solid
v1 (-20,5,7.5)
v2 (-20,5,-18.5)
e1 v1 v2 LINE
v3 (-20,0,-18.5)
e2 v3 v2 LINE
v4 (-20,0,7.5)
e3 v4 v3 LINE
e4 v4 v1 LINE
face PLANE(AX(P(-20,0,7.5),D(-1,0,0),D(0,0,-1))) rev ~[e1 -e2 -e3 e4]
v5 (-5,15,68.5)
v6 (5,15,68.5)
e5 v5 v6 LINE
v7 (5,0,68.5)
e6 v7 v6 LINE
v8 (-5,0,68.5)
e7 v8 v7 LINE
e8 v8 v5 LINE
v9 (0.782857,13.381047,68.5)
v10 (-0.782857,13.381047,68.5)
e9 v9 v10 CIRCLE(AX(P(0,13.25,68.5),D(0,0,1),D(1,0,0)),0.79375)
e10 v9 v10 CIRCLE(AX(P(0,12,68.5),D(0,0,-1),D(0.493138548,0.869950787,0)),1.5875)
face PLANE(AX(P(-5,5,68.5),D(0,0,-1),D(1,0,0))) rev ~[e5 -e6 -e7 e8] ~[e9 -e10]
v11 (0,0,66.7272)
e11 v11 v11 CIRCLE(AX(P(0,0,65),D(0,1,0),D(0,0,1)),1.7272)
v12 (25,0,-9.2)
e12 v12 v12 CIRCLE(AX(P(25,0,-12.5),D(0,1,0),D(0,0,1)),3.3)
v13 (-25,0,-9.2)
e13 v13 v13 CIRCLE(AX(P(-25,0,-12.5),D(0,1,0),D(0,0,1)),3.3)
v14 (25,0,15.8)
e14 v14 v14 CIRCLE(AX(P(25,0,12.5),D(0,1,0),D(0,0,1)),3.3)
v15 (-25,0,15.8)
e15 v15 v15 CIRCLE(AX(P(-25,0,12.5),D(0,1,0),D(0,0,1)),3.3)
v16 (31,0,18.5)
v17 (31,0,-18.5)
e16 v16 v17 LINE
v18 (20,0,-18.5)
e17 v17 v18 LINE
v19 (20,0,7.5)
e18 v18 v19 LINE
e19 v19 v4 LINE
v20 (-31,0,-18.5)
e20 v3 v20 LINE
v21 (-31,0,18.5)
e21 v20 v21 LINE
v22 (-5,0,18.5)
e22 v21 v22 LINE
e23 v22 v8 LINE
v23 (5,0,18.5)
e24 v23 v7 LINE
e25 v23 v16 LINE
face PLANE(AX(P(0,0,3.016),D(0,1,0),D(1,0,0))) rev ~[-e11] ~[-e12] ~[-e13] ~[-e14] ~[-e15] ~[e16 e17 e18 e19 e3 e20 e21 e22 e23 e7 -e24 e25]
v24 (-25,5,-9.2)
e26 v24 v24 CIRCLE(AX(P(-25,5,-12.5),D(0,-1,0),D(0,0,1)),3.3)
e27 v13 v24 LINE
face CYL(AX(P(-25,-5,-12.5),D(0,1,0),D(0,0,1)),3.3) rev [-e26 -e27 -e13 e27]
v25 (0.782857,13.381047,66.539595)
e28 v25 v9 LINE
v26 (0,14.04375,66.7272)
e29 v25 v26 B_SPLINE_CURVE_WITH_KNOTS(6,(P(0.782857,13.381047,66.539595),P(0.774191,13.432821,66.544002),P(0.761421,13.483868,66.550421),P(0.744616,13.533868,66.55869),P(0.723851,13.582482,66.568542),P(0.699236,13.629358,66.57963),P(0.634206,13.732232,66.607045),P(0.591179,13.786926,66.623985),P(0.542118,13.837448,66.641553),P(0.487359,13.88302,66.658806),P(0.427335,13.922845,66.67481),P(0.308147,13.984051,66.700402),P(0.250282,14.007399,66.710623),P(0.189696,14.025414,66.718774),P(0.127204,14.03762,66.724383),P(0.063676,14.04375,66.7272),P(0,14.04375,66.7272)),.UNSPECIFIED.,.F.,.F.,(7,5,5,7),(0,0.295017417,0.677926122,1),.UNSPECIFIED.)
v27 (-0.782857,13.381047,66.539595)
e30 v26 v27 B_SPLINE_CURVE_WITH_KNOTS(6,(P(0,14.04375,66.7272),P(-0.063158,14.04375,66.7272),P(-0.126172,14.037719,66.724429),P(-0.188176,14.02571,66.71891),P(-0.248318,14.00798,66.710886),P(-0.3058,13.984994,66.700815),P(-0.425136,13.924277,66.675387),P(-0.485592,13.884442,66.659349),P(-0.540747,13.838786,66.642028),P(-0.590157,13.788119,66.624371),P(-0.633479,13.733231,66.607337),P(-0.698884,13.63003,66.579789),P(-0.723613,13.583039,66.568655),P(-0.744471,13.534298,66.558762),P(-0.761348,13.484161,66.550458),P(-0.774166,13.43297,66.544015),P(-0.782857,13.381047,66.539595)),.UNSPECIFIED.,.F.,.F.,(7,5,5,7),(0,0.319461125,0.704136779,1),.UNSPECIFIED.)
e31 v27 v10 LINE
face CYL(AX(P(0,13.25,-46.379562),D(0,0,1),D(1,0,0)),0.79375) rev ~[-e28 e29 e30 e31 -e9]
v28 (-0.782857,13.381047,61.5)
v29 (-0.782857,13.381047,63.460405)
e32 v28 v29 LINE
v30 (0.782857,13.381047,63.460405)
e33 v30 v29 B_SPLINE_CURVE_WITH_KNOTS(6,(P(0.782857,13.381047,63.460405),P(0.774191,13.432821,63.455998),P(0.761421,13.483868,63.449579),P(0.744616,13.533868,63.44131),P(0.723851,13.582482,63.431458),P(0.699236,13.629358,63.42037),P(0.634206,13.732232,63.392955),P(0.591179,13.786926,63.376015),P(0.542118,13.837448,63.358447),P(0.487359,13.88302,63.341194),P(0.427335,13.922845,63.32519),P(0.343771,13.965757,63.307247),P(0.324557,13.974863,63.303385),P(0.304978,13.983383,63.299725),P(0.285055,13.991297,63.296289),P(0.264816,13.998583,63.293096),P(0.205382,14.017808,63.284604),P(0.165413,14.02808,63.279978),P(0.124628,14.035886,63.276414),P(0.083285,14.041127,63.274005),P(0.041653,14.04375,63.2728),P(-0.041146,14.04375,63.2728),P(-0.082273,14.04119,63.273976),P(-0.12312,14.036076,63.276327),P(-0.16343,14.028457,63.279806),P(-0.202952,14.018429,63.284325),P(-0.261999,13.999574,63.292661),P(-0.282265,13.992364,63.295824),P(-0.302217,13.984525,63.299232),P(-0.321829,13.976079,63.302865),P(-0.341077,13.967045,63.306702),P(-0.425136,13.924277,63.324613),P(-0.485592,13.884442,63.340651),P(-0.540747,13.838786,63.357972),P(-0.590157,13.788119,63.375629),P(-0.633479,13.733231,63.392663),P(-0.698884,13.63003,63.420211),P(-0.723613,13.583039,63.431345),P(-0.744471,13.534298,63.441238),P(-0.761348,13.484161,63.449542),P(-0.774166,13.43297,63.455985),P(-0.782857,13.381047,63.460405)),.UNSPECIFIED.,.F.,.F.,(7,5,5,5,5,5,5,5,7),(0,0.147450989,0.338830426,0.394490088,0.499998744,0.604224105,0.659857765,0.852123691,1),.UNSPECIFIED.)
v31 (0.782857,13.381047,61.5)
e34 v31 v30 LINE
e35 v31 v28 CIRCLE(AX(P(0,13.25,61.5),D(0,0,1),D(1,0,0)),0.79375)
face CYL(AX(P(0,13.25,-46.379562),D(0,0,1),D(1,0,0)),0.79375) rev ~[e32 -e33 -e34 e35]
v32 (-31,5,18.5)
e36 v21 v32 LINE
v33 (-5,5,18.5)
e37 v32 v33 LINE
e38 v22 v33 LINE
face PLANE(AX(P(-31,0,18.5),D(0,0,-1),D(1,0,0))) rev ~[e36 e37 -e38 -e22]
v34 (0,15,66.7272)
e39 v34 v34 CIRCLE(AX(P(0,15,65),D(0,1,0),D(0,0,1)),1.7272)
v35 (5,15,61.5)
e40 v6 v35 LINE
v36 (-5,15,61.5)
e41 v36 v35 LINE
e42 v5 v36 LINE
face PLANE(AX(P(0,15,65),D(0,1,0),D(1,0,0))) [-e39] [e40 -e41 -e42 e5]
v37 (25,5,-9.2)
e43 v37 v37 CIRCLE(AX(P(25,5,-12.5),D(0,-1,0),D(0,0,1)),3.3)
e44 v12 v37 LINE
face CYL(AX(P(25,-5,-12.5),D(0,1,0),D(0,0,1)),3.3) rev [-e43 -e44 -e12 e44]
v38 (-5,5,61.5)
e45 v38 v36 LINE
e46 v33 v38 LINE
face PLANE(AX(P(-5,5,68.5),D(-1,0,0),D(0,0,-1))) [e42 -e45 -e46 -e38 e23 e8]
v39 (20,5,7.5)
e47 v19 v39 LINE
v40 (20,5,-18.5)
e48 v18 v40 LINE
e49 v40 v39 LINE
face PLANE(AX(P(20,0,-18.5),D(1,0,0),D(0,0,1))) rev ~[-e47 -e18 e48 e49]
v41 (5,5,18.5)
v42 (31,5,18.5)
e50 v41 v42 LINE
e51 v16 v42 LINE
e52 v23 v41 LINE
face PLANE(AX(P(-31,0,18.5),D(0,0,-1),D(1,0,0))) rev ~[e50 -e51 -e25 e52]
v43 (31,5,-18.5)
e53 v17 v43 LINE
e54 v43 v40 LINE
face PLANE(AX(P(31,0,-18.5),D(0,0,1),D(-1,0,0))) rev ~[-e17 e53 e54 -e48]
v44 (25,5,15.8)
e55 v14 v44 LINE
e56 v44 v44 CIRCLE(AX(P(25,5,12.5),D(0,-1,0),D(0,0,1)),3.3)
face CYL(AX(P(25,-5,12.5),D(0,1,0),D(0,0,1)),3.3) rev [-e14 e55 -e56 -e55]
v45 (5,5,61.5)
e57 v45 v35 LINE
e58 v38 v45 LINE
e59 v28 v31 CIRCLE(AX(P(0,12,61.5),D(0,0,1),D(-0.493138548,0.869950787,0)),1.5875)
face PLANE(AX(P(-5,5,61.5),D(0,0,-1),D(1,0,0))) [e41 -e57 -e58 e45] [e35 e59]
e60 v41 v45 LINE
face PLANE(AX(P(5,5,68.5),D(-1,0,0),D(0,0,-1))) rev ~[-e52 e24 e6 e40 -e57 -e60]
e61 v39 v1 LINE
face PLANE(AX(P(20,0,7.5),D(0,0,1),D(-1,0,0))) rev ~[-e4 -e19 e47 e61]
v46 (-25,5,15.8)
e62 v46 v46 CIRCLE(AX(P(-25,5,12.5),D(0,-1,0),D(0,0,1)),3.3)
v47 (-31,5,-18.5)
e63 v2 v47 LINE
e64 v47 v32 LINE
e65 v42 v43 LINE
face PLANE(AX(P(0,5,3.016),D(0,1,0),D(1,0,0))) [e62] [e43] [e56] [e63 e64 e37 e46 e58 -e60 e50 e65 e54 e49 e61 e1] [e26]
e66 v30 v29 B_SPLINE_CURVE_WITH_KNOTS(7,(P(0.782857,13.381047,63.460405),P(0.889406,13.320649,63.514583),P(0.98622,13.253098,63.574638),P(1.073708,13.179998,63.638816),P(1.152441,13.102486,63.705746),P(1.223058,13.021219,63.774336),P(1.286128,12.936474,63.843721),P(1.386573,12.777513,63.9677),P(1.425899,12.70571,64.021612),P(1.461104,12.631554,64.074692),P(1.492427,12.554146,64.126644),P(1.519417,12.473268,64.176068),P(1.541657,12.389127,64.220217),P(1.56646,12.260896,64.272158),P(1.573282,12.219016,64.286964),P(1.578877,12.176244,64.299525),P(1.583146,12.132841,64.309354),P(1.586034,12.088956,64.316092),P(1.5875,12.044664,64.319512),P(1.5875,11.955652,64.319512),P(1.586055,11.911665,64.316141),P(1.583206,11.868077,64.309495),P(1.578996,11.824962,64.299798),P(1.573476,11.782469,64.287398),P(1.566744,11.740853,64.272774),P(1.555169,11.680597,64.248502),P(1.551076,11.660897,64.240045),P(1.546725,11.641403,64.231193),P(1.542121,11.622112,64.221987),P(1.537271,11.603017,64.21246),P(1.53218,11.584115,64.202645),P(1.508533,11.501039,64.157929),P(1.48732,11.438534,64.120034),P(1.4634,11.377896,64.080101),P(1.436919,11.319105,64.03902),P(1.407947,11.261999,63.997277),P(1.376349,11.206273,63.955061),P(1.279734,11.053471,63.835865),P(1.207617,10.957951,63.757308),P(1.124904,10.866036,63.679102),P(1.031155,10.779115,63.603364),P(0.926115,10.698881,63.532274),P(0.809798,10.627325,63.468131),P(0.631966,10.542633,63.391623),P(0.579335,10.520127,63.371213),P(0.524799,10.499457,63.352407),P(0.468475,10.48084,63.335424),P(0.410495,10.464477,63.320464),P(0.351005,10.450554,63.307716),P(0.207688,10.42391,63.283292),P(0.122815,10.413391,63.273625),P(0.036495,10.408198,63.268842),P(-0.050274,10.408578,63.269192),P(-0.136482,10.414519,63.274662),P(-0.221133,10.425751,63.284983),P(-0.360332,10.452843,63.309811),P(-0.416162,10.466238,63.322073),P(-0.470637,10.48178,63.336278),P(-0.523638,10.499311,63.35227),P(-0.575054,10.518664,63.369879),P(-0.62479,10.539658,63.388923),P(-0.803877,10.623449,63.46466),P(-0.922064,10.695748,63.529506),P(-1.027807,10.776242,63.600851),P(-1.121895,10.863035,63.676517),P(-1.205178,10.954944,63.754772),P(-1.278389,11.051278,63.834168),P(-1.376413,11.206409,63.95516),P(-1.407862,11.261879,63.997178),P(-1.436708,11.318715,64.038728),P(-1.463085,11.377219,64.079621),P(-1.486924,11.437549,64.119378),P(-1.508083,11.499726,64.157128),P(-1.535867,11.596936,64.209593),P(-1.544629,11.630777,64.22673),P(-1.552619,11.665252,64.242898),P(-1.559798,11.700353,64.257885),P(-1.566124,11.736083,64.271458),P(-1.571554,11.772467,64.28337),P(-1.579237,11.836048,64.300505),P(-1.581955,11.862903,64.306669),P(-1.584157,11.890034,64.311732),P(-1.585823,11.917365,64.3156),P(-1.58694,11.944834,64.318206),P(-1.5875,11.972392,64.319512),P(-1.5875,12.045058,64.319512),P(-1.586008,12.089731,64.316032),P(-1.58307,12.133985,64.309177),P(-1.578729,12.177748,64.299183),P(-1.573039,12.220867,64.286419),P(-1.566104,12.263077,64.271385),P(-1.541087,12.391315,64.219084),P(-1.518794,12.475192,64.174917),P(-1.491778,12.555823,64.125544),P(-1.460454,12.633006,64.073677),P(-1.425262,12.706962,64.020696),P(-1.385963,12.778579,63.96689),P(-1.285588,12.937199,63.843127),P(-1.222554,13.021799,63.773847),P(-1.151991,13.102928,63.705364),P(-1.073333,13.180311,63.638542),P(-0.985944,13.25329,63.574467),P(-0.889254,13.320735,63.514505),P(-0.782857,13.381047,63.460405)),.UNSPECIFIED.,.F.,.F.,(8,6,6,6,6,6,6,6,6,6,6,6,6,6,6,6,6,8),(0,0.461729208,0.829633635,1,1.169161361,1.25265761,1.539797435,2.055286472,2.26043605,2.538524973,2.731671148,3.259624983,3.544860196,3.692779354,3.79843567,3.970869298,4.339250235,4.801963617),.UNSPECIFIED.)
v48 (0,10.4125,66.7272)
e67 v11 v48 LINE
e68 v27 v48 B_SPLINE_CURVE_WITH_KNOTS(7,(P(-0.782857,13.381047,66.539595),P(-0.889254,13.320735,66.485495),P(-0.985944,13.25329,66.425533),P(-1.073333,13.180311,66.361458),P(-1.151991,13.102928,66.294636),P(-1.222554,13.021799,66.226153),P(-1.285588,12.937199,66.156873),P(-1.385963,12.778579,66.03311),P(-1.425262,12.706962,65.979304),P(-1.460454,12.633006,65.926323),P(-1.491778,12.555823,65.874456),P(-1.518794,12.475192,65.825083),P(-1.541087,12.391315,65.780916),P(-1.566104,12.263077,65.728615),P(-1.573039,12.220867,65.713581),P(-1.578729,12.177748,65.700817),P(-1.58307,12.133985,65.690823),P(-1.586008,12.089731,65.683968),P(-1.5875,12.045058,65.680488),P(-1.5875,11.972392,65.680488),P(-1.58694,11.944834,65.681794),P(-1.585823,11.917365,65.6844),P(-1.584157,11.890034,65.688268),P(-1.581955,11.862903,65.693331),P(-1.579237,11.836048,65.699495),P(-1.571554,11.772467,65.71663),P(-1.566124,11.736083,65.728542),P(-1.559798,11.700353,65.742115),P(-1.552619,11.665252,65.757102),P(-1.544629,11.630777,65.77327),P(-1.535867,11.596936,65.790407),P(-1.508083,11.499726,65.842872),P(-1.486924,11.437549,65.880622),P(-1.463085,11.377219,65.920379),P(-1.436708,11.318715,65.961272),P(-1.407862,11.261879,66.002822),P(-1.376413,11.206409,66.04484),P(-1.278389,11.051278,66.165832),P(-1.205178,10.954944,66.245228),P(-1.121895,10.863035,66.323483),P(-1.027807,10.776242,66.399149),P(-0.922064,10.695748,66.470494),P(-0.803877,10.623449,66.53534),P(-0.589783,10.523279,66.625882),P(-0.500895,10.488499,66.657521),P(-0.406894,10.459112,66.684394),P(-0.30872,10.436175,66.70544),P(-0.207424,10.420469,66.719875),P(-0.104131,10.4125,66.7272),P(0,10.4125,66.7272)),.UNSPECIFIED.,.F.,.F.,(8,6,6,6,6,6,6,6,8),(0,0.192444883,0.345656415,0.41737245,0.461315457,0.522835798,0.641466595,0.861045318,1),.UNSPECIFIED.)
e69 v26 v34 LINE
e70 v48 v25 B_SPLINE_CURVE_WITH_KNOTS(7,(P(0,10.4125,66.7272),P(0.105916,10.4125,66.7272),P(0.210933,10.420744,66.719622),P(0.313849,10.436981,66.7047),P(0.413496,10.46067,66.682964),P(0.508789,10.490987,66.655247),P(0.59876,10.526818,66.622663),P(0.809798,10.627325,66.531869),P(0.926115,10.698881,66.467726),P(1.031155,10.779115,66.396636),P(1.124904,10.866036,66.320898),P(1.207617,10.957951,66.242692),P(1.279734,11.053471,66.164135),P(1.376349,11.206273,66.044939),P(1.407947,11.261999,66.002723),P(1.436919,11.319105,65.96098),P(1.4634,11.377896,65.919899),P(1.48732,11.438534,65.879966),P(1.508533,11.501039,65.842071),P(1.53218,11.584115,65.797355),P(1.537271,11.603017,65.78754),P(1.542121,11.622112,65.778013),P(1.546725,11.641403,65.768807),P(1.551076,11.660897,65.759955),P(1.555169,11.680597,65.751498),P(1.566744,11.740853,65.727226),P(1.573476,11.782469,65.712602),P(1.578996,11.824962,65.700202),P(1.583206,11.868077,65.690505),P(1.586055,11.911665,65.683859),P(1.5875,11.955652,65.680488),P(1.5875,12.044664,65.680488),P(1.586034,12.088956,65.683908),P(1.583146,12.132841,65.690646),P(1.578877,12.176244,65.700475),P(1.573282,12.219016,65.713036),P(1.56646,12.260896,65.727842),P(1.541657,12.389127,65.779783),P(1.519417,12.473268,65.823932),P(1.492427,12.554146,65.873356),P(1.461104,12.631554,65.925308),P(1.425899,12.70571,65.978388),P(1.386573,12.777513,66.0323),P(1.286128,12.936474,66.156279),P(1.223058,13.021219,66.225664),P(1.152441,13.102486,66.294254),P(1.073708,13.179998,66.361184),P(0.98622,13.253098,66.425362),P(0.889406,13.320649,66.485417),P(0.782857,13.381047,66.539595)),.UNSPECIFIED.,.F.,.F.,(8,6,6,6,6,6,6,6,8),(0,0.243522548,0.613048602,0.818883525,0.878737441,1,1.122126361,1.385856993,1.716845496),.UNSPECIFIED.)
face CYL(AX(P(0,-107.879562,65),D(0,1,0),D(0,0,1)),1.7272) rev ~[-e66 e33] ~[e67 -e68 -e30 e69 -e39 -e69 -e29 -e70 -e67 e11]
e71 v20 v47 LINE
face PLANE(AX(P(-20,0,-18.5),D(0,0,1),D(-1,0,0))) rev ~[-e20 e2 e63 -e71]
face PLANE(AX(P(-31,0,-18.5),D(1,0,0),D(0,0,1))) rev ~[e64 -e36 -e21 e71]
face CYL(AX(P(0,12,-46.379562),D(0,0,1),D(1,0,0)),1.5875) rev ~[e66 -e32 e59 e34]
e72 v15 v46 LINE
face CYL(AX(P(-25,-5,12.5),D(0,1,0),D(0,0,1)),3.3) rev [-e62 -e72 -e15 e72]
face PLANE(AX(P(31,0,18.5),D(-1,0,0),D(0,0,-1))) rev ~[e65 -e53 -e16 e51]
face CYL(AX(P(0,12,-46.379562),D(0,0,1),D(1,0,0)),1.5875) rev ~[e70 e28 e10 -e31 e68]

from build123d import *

# Parameters (mm, degrees)
EXTRUDE1_DEPTH                 = 5
LPATTERN1_COUNT                = 2
LPATTERN1_PITCH                = 50
LPATTERN1_COUNT_DIR2           = 2
LPATTERN1_PITCH_DIR2           = 25
SKETCH5_W                      = 10
SKETCH5_H                      = 5
EXTRUDE2_DEPTH                 = 50
SKETCH6_W                      = 10
SKETCH6_H                      = 7
EXTRUDE3_DEPTH                 = 10
F_1_8_0_125_DIAMETER_HOLE1_D   = 3.175
F_1_16_0_0625_DIAMETER_HOLE1_D = 1.5875
F_8_32_TAPPED_HOLE1_D          = 3.4544


with BuildPart() as part:
    # Sketch1 → Extrude1 (new body)
    with BuildSketch(Plane(origin=(0, 0, 0), x_dir=(1, 0, 0), z_dir=(0, 1, 0))):
        Polygon((-20, -7.5), (-20, 18.5), (-31, 18.5), (-31, -18.5), (31, -18.5), (31, 18.5), (20, 18.5), (20, -7.5), align=None)
    extrude(amount=EXTRUDE1_DEPTH)

    # Sketch4 → M6 Clearance Hole1 (revolve, cut)
    with BuildSketch(Plane(origin=(-25, 5, -12.5), x_dir=(0, 0, 1), z_dir=(1, 0, 0))):
        Polygon((0, 0), (0, 11.982840043), (3.3, 10), (3.3, 0), align=None)
    m6_clearance_hole1 = revolve(axis=Axis((-25, 11.35, -12.5), (0, -1, 0)), mode=Mode.SUBTRACT)

    # LPattern1: M6 Clearance Hole1 2 × 2
    with Locations(*[(i * LPATTERN1_PITCH, 0, j * LPATTERN1_PITCH_DIR2) for i in range(LPATTERN1_COUNT) for j in range(LPATTERN1_COUNT_DIR2) if (i, j) != (0, 0)]):
        add(m6_clearance_hole1, mode=Mode.SUBTRACT)

    # Sketch5 → Extrude2 (add)
    with BuildSketch(Plane.XY.offset(18.5)):
        with Locations((0, 2.5)):
            Rectangle(SKETCH5_W, SKETCH5_H)
    extrude(amount=EXTRUDE2_DEPTH)

    # Sketch6 → Extrude3 (add)
    with BuildSketch(Plane(origin=(0, 5, 0), x_dir=(1, 0, 0), z_dir=(0, 1, 0))):
        with Locations((0, -65)):
            Rectangle(SKETCH6_W, SKETCH6_H)
    extrude(amount=EXTRUDE3_DEPTH)

    # 1/8 (0.125) Diameter Hole1 (through all)
    with Locations(Plane(origin=(0, 12, 61.5), x_dir=(-1, 0, 0), z_dir=(0, 0, -1))):
        with Locations((0, 0)):
            Hole(F_1_8_0_125_DIAMETER_HOLE1_D / 2)

    # 1/16 (0.0625) Diameter Hole1 (through all)
    with Locations(Plane(origin=(0, 13.25, 61.5), x_dir=(-1, 0, 0), z_dir=(0, 0, -1))):
        with Locations((0, 0)):
            Hole(F_1_16_0_0625_DIAMETER_HOLE1_D / 2)

    # #8-32 Tapped Hole1 (through all)
    with Locations(Plane(origin=(0, 0, 65), x_dir=(0, 0, -1), z_dir=(0, -1, 0))):
        with Locations((0, 0)):
            Hole(F_8_32_TAPPED_HOLE1_D / 2)


solid = part.part
